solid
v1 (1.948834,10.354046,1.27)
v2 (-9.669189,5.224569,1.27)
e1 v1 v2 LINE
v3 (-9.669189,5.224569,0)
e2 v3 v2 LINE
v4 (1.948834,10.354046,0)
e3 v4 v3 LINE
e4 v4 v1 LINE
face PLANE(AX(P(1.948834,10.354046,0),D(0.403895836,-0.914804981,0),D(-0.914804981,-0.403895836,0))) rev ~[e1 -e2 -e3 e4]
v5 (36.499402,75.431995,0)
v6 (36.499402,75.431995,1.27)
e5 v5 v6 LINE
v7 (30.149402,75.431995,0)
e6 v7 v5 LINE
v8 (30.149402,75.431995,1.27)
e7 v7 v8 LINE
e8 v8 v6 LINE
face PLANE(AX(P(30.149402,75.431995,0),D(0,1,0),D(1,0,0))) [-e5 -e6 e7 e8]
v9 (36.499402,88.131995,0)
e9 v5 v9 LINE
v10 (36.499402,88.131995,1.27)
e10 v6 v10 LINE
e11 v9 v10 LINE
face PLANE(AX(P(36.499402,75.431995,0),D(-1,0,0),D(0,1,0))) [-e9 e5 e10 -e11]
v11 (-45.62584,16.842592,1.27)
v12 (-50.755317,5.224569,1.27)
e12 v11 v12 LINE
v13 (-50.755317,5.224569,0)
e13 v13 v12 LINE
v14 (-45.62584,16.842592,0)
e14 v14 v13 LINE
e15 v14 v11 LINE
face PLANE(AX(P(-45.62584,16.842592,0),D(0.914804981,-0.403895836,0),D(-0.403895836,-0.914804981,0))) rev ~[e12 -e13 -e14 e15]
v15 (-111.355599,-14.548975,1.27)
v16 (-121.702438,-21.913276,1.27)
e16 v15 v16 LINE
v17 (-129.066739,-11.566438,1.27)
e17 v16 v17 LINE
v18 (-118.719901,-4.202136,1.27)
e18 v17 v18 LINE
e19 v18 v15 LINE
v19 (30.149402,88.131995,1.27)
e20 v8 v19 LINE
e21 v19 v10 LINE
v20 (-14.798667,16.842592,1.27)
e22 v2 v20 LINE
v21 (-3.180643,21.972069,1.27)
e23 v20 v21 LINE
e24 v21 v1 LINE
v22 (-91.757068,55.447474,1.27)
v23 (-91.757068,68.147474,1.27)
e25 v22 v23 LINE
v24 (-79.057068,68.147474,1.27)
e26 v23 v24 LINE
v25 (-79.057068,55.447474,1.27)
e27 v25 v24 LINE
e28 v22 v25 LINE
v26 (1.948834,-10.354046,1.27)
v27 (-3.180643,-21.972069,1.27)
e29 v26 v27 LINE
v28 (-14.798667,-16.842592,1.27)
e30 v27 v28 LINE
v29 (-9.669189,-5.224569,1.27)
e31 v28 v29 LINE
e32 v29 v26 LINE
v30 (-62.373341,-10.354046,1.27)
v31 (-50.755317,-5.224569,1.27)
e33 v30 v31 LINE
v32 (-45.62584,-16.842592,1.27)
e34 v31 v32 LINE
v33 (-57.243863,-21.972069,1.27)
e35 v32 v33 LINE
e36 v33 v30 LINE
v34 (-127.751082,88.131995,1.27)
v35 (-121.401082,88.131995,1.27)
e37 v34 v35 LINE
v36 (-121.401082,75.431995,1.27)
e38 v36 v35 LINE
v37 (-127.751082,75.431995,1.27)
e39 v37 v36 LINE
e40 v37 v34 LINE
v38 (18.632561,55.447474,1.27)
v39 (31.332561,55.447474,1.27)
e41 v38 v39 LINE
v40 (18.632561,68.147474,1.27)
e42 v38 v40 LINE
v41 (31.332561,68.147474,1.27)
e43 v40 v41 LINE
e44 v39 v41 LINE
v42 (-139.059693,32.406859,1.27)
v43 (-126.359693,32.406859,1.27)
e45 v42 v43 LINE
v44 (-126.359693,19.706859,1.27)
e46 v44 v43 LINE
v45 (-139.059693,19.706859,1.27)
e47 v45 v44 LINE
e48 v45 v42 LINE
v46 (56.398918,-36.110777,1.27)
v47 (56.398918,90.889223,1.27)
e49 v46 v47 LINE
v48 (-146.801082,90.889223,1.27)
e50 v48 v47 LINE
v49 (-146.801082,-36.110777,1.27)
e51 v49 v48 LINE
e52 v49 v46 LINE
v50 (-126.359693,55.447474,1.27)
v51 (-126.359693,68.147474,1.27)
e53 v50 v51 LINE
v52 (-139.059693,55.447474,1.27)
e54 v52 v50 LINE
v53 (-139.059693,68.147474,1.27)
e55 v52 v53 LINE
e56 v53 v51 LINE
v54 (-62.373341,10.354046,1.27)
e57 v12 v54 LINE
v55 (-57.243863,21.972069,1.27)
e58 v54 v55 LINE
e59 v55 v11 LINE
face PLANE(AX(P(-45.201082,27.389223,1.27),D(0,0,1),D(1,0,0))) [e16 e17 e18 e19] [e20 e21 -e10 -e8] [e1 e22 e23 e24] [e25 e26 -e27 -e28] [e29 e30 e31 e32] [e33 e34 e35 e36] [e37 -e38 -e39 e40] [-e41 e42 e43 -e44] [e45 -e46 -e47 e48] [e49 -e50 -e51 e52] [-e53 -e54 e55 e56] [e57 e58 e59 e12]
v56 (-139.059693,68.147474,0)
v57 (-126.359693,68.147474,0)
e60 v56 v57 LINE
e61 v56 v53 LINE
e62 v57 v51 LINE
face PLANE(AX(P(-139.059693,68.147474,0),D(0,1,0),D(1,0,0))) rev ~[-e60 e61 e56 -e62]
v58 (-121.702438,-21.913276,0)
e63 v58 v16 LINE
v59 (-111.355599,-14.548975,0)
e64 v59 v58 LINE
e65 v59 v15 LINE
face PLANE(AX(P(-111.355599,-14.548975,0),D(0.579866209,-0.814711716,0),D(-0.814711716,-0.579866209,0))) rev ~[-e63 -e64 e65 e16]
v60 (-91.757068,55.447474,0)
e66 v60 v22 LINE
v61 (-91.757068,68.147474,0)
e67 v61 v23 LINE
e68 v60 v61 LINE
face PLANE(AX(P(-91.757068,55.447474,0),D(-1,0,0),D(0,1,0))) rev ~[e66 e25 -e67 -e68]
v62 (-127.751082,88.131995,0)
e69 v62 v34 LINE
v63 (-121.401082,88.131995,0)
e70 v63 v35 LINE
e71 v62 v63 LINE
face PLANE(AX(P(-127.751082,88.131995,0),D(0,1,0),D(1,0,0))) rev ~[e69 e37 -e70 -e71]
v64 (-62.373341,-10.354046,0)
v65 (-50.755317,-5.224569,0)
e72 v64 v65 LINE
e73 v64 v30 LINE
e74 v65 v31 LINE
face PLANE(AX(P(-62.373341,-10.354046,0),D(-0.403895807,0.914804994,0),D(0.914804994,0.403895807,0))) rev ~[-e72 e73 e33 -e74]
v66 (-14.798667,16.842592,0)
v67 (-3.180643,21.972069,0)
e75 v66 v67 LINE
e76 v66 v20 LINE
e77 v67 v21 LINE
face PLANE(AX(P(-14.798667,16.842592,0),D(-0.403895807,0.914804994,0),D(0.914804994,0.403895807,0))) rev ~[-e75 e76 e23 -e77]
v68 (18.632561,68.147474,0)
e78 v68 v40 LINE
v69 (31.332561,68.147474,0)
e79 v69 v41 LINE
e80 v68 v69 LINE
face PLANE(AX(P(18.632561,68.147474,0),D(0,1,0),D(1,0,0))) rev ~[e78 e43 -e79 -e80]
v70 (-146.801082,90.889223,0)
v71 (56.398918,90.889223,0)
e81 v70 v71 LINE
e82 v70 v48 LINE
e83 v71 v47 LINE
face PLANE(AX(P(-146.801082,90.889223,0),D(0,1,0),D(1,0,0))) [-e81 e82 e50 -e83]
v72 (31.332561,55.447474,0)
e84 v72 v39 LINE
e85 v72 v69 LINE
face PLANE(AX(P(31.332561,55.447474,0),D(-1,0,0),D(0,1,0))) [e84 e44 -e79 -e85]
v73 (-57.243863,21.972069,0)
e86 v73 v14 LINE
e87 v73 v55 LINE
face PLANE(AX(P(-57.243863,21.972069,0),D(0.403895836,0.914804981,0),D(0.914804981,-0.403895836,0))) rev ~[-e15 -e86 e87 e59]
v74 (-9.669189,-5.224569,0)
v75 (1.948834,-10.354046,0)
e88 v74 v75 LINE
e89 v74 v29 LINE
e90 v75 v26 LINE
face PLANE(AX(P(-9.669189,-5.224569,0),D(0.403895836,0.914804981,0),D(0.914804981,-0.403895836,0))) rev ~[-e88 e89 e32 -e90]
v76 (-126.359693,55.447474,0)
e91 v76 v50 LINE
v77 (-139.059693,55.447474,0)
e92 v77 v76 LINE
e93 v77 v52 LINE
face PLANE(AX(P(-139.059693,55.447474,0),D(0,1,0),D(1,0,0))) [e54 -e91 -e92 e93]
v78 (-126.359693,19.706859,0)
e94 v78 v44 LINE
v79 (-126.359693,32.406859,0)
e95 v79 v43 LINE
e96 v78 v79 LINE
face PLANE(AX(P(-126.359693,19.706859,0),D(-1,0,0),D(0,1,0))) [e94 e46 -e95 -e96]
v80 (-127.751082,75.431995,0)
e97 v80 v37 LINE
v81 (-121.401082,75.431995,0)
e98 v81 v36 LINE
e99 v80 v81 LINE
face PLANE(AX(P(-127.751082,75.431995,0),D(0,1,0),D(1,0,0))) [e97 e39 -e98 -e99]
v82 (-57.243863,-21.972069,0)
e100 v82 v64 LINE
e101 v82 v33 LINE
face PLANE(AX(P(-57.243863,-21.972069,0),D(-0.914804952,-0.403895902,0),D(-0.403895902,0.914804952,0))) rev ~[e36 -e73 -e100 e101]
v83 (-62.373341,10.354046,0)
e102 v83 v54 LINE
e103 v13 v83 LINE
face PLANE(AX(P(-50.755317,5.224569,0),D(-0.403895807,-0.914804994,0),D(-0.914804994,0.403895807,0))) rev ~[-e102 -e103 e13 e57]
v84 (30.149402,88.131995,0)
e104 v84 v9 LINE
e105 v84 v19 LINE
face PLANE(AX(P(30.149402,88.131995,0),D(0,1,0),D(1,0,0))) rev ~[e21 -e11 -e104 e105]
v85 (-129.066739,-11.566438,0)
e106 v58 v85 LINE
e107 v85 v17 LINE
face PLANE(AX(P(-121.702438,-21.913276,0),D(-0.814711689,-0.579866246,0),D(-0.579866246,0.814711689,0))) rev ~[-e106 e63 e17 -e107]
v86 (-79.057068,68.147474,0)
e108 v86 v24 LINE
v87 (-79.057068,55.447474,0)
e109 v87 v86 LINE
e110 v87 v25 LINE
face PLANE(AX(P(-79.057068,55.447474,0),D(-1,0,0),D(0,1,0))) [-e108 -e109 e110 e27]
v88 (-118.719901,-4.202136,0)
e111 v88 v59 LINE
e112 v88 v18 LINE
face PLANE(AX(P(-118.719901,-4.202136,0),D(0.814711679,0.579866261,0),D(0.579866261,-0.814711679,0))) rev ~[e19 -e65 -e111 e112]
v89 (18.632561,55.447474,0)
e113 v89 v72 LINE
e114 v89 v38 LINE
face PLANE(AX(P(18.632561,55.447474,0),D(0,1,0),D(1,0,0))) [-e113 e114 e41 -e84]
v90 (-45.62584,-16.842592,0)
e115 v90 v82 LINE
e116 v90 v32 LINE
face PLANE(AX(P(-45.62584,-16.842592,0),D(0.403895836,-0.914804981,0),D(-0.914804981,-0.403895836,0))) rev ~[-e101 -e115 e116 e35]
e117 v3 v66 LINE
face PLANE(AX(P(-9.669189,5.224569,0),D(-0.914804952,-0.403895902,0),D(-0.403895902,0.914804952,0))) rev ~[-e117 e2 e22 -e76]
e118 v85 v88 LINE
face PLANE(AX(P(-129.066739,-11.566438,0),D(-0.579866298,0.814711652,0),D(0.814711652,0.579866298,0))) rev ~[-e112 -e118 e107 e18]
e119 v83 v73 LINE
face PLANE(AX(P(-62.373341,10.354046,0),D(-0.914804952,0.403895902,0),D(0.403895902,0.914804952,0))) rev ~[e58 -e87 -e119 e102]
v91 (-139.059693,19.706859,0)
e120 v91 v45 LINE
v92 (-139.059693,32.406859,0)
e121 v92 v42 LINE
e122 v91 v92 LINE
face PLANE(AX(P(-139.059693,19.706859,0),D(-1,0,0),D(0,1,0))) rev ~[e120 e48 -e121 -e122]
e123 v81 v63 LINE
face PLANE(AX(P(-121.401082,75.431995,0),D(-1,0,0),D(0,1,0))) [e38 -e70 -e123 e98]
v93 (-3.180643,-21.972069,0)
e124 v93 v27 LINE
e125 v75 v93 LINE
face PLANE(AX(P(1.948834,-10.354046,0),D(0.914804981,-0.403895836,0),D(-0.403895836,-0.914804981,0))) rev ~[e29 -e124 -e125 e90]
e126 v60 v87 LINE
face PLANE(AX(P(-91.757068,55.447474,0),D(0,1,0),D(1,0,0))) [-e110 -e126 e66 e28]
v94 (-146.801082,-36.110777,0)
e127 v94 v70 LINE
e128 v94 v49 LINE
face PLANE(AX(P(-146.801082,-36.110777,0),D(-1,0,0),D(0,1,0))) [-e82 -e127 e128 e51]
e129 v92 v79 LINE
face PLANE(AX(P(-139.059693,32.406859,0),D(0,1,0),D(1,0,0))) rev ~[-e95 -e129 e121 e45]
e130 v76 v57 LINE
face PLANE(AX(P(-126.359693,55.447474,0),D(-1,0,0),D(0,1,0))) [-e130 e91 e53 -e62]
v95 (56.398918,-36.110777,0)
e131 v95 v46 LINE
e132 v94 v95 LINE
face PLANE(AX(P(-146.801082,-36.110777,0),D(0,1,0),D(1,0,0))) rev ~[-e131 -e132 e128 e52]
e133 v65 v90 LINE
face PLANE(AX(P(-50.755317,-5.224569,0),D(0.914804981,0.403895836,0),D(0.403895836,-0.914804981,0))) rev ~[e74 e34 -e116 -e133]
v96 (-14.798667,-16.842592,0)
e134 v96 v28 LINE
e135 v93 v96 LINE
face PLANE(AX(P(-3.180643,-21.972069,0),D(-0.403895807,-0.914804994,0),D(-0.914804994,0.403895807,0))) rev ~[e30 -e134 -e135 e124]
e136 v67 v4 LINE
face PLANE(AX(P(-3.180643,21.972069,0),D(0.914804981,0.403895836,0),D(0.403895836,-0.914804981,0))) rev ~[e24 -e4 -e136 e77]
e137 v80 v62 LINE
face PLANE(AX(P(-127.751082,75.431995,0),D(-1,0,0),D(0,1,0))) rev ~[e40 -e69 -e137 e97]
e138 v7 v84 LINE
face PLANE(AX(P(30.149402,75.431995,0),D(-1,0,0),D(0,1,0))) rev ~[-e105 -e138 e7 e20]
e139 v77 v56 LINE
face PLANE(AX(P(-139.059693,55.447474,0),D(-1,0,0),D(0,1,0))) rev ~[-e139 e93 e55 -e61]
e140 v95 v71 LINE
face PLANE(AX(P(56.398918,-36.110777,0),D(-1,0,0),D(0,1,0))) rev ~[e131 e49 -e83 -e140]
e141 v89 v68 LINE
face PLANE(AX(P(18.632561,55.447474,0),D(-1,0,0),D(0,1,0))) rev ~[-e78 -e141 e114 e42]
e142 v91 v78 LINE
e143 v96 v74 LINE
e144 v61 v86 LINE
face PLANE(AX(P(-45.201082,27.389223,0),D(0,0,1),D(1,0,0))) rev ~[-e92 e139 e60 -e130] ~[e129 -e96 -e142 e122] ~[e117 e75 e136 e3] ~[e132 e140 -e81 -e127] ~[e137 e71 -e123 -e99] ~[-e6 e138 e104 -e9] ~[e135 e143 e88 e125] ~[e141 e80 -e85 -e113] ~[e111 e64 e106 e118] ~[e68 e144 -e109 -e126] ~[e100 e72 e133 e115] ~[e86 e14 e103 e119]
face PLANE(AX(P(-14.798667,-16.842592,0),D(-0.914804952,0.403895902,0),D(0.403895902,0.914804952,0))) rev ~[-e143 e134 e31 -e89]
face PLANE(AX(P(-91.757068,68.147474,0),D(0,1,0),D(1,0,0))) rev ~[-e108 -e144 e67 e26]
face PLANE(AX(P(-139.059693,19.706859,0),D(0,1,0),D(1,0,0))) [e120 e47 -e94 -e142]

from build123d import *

# Parameters (mm, degrees)
F0_W     = 203.2
F0_H     = 127
F0_W_2   = 12.7
F0_H_2   = 12.7
F0_W_3   = 6.35
F1_DEPTH = 1.27


with BuildPart() as f1:
    # F0 (on Top) → F1 (new body)
    with BuildSketch(Plane.XY):
        with Locations((-45.201082, 27.389223)):
            Rectangle(F0_W, F0_H)
        Polygon((-121.702438, -21.913276), (-129.066739, -11.566438), (-118.719901, -4.202136), (-111.355599, -14.548975), align=None, mode=Mode.SUBTRACT)
        Polygon((-50.755317, -5.224569), (-45.62584, -16.842592), (-57.243863, -21.972069), (-62.373341, -10.354046), align=None, mode=Mode.SUBTRACT)
        with Locations((-132.709693, 26.056859)):
            Rectangle(F0_W_2, F0_H_2, mode=Mode.SUBTRACT)
        Polygon((-57.243863, 21.972069), (-45.62584, 16.842592), (-50.755317, 5.224569), (-62.373341, 10.354046), align=None, mode=Mode.SUBTRACT)
        Polygon((-3.180643, -21.972069), (-14.798667, -16.842592), (-9.669189, -5.224569), (1.948834, -10.354046), align=None, mode=Mode.SUBTRACT)
        Polygon((-9.669189, 5.224569), (-14.798667, 16.842592), (-3.180643, 21.972069), (1.948834, 10.354046), align=None, mode=Mode.SUBTRACT)
        with Locations((-132.709693, 61.797474)):
            Rectangle(F0_W_2, F0_H_2, mode=Mode.SUBTRACT)
        with Locations((-124.576082, 81.781995)):
            Rectangle(F0_W_3, F0_H_2, mode=Mode.SUBTRACT)
        with Locations((-85.407068, 61.797474)):
            Rectangle(F0_W_2, F0_H_2, mode=Mode.SUBTRACT)
        with Locations((24.982561, 61.797474)):
            Rectangle(F0_W_2, F0_H_2, mode=Mode.SUBTRACT)
        with Locations((33.324402, 81.781995)):
            Rectangle(F0_W_3, F0_H_2, mode=Mode.SUBTRACT)
    extrude(amount=F1_DEPTH)


solid = f1.part
